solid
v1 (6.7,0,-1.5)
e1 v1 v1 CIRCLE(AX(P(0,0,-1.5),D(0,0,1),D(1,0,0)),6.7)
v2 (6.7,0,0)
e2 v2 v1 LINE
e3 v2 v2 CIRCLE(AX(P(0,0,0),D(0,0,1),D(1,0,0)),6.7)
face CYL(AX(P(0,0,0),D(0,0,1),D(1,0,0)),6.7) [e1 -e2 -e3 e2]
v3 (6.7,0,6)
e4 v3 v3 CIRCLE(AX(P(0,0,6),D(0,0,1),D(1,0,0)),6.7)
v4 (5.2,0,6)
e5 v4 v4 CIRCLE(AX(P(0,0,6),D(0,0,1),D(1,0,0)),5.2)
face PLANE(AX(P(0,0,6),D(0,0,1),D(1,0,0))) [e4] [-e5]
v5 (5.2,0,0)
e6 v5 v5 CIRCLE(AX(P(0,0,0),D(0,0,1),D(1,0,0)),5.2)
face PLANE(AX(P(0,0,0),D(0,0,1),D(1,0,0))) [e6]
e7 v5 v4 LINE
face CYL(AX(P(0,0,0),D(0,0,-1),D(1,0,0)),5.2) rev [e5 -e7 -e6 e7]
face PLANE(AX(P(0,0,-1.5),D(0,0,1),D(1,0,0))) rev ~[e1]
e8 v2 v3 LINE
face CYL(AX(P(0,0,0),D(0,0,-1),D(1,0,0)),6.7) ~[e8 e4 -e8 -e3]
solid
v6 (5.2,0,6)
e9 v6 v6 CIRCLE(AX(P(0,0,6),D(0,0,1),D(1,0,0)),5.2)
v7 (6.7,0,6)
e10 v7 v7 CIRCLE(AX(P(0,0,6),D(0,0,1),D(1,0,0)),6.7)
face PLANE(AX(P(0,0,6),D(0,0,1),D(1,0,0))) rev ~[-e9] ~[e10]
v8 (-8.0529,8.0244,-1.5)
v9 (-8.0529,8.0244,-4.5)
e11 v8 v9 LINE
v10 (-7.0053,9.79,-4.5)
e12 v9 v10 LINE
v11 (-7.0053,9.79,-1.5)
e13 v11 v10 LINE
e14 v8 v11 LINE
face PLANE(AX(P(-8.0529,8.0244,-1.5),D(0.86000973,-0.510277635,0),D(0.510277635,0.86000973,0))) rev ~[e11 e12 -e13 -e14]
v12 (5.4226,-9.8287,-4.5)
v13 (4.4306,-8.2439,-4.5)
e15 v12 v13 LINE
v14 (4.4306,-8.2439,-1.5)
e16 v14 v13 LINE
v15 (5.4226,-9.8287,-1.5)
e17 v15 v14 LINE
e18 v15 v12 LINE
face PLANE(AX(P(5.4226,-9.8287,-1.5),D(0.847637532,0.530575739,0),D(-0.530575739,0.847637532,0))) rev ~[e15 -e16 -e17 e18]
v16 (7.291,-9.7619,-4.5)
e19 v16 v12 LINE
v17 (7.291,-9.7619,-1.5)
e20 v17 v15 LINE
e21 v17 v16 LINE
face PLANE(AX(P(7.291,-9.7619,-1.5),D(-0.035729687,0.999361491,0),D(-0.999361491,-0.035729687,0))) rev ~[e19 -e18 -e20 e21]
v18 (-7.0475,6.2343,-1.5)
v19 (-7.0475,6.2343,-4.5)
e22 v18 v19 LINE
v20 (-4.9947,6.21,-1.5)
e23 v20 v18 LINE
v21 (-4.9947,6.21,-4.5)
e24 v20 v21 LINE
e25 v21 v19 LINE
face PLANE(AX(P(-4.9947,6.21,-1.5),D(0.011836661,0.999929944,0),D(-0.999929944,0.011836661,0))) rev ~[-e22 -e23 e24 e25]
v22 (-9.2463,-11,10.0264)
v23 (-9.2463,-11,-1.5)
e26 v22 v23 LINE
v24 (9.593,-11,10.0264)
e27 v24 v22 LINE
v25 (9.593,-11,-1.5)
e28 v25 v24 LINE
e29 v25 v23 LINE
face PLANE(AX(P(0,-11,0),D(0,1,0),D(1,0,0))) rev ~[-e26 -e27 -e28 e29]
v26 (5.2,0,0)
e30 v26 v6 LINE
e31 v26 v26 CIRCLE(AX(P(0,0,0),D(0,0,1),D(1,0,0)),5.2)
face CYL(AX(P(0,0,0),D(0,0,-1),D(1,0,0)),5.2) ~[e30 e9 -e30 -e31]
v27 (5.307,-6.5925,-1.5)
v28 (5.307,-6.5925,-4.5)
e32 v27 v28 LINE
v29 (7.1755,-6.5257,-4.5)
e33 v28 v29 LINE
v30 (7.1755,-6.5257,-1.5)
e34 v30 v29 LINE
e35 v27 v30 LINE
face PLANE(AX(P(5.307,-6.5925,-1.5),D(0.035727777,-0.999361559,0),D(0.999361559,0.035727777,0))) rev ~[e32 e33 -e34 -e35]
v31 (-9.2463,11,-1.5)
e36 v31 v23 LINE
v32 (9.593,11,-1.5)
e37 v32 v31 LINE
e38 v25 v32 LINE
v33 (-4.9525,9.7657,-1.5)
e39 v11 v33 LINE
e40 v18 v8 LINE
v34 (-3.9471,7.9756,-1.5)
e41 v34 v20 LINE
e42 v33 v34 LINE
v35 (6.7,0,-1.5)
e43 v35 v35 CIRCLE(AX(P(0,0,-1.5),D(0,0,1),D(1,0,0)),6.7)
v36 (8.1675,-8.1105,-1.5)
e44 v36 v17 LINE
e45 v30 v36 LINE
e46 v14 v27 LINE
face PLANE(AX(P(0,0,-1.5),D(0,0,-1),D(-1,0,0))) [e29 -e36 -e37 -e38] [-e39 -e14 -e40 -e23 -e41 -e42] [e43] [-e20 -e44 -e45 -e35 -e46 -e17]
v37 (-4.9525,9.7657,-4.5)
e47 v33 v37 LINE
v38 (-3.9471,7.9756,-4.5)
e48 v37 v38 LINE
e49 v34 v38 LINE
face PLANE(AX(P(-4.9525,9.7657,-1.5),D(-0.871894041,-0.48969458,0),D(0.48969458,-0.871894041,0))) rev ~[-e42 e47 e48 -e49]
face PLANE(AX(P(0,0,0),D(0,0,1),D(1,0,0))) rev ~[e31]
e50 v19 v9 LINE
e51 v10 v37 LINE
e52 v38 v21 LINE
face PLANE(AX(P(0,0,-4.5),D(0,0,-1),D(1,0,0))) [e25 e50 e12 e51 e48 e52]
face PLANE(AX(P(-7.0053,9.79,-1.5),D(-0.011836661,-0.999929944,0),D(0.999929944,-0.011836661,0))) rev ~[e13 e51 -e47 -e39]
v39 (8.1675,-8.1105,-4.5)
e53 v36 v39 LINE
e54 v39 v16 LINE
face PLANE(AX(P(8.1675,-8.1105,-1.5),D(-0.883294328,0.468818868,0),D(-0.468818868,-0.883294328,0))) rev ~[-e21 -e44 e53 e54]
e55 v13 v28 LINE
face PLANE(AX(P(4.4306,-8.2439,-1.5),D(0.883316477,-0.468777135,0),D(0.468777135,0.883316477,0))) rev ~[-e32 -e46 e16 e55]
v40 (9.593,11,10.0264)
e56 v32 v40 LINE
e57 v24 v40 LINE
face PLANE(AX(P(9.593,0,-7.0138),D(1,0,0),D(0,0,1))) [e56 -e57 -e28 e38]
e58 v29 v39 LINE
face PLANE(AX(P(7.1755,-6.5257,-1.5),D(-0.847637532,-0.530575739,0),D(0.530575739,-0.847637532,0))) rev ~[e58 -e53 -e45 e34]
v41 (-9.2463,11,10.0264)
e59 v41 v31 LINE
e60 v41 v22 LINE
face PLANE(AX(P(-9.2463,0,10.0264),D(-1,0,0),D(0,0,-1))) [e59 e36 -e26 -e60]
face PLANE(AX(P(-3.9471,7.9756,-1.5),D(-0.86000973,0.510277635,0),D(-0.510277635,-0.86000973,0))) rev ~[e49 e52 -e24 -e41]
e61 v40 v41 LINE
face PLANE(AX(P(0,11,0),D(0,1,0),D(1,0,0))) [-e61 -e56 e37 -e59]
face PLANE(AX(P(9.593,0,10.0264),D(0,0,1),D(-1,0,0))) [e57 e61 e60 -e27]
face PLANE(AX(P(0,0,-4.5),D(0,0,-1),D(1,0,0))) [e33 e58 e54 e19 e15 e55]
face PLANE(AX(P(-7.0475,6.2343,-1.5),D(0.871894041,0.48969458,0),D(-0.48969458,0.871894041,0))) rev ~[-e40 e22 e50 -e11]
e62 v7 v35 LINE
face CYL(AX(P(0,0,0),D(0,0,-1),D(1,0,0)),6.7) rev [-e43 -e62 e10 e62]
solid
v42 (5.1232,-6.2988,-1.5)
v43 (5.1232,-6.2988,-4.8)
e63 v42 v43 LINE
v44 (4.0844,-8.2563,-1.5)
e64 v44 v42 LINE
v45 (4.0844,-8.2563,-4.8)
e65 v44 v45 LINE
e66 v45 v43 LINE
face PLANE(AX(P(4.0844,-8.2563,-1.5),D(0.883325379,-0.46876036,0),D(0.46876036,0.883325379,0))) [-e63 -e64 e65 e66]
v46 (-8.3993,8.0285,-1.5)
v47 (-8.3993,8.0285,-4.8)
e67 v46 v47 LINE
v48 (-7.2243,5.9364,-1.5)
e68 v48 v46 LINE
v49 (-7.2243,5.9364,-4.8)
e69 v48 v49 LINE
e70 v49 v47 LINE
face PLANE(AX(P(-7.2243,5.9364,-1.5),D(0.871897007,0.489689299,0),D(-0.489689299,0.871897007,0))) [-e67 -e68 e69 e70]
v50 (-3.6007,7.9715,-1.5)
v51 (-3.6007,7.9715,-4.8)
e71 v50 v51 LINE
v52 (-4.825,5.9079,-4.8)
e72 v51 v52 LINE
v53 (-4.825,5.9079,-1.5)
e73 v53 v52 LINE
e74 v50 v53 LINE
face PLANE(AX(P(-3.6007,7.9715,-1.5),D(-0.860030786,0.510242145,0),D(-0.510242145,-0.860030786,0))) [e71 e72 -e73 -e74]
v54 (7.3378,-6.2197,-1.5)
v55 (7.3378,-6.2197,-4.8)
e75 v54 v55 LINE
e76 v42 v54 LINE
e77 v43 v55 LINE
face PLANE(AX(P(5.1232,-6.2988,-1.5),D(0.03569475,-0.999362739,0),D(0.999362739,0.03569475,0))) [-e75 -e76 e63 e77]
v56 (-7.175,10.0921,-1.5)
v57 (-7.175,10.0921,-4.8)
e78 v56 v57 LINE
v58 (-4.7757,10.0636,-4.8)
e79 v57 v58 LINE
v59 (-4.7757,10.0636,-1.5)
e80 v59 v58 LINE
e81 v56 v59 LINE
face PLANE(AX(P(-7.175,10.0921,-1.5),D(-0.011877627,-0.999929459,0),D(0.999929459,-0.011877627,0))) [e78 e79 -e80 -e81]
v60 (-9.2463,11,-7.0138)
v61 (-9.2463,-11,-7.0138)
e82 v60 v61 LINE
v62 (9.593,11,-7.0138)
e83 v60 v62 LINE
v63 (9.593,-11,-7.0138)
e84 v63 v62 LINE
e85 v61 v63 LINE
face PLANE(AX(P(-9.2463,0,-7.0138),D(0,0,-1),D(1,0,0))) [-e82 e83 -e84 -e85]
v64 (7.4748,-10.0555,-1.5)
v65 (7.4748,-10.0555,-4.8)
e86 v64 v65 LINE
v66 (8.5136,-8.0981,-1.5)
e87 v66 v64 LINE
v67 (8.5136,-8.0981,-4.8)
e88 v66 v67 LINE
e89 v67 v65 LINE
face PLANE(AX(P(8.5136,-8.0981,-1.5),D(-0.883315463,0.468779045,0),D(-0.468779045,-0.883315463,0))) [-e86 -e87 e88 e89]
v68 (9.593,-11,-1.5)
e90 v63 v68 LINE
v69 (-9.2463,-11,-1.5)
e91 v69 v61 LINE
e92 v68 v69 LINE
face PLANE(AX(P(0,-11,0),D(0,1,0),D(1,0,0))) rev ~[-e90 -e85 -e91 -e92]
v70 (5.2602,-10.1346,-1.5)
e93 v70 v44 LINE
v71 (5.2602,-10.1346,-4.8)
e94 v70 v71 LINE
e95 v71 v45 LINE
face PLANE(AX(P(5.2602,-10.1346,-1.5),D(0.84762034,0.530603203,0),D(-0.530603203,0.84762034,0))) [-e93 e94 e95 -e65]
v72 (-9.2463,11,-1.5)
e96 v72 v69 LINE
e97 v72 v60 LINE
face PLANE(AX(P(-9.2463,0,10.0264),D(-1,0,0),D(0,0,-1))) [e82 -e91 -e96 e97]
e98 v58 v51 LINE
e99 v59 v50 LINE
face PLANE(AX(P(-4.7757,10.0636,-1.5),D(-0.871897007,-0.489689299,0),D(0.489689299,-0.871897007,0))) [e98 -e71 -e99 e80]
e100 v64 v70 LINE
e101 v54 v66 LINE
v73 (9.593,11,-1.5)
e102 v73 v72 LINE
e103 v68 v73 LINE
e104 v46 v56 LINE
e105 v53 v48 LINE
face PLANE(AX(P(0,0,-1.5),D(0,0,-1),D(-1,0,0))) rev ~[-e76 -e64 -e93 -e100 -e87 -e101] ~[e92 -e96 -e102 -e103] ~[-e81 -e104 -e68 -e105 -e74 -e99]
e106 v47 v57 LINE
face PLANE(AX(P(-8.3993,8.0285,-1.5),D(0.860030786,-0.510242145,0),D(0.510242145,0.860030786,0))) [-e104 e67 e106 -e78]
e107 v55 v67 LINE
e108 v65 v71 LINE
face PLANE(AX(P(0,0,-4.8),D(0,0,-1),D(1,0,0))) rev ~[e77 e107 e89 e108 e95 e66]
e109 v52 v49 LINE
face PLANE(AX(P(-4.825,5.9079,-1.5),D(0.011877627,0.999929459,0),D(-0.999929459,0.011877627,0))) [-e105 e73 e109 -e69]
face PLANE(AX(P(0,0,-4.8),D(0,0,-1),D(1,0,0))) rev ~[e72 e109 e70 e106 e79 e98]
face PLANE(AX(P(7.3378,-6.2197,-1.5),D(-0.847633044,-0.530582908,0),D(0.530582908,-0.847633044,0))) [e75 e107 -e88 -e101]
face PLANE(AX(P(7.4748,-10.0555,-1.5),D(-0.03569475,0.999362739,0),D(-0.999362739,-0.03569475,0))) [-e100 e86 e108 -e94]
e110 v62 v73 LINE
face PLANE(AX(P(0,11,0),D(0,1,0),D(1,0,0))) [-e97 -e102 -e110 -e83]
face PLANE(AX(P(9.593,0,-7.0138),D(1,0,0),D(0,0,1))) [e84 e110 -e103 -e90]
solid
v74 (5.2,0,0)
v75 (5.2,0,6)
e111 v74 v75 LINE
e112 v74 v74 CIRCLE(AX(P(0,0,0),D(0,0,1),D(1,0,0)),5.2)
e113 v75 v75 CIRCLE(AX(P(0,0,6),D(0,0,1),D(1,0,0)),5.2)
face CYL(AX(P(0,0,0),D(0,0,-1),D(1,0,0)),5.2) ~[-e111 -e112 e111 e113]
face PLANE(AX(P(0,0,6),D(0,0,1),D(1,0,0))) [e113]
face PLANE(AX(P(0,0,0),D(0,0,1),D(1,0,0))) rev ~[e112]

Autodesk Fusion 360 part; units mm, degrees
sketch "Sketch1" plane through (0, 0, 0) normal (0, 0, 1) x (1, 0, 0) in component "Haptic Motor"
  circle A0 centre (0, 0) radius 5.2
  dimension "d1" = 10.4
extrude "Extrude1" add sketch "Sketch1" along normal blind 6 makes body 1 in component "Haptic Motor"
sketch "Sketch1 (2)" plane through (0, 0, 0) normal (0, 0, 1) x (1, 0, 0) in component "Haptic Cover"
  circle A0 centre (0, 0) radius 5.2
  circle A1 centre (0, 0) radius 6.7
  dimension "d4" = 1.5
extrude "Extrude1'" add sketch "Sketch1 (2)" along normal blind 6 separate body makes body 2 in component "Haptic Cover"
extrude "Extrude2" add sketch "Sketch1 (2)" against normal blind 1.5 contours A0 | A1 bodies 2 in component "Haptic Cover"
sketch "Sketch1 (3)" plane through (0, 0, 0) normal (0, 1, 0) x (1, 0, 0) in component "Mold"
  line L0 (9.593, -10.0264) -> (-9.2463, -10.0264)
  line L1 (-9.2463, -10.0264) -> (-9.2463, 7.0138)
  line L2 (-9.2463, 7.0138) -> (9.593, 7.0138)
  line L3 (9.593, 7.0138) -> (9.593, -10.0264)
extrude "Extrude1''" add sketch "Sketch1 (3)" along normal mid plane 22 separate body makes body 3 in component "Mold"
ref_plane "WorkPlane1" through (0, 0, -1.5) normal (0, 0, -1) x (-1, 0, 0) in component "Mold"
combine "Combine1" operation cut target body 3 tool bodies 2 keep tools in component "Mold"
split "Split1" by plane through (0, 0, -1.5) normal (0, 0, -1) bodies 3 makes body 4 at (-2.9665, -3.6667, -7.0138) in component "Mold"
sketch "Sketch2" plane through (0, 0, -1.5) normal (0, 0, -1) x (1, 0, 0) in component "Mold"
  line L0 (9.593, 11) -> (-9.2463, 11)
  line L1 (-9.2463, 11) -> (-9.2463, -11)
  line L2 (-9.2463, -11) -> (9.593, -11)
  line L3 (9.593, -11) -> (9.593, 11)
  circle A0 centre (0, 0) radius 6.7
  line L4 (-3.9471, -7.9756) -> (-4.9947, -6.21)
  line L5 (-4.9947, -6.21) -> (-7.0475, -6.2343)
  line L6 (-7.0475, -6.2343) -> (-8.0529, -8.0244)
  line L7 (-8.0529, -8.0244) -> (-7.0053, -9.79)
  line L8 (-7.0053, -9.79) -> (-4.9525, -9.7657)
  line L9 (-4.9525, -9.7657) -> (-3.9471, -7.9756)
  line L10 (7.1755, 6.5257) -> (8.1675, 8.1105)
  line L11 (8.1675, 8.1105) -> (7.291, 9.7619)
  line L12 (7.291, 9.7619) -> (5.4226, 9.8287)
  line L13 (5.4226, 9.8287) -> (4.4306, 8.2439)
  line L14 (4.4306, 8.2439) -> (5.307, 6.5925)
  line L15 (5.307, 6.5925) -> (7.1755, 6.5257)
  line L16 (-8.3993, -8.0285) -> (-7.175, -10.0921)
  line L17 (-7.175, -10.0921) -> (-4.7757, -10.0636)
  line L18 (-4.7757, -10.0636) -> (-3.6007, -7.9715)
  line L19 (-3.6007, -7.9715) -> (-4.825, -5.9079)
  line L20 (-4.825, -5.9079) -> (-7.2243, -5.9364)
  line L21 (-7.2243, -5.9364) -> (-8.3993, -8.0285)
  line L22 (5.1232, 6.2988) -> (7.3378, 6.2197)
  line L23 (7.3378, 6.2197) -> (8.5136, 8.0981)
  line L24 (8.5136, 8.0981) -> (7.4748, 10.0555)
  line L25 (7.4748, 10.0555) -> (5.2602, 10.1346)
  line L26 (5.2602, 10.1346) -> (4.0844, 8.2563)
  line L27 (4.0844, 8.2563) -> (5.1232, 6.2988)
  point P0 (-6, -8)
  point P1 (6.299, 8.1772)
  dimension "d12" = 0.3
  dimension "d13" = 0.3
extrude "Extrude2'" add sketch "Sketch2" along normal blind 3 contours L4 L5 L6 L7 L8 L9 | L10 L11 L12 L13 L14 L15 bodies 3 in component "Mold"
extrude "Extrude3" cut sketch "Sketch2" along normal blind 3.3 contours L4 L5 L6 L7 L8 L9 | L10 L11 L12 L13 L14 L15 | L16 L17 L18 L19 L20 L21 | L22 L23 L24 L25 L26 L27 bodies 4 in component "Mold"
ref_plane "WorkPlane2" through (0.1734, 8, 4.2632) normal (0, 1, 0) x (0, 0, 1) in component "Mold"
component "Haptic Motor" placed x (1, 0, 0) y (0, 1, 0) z (0, 0, 1) at (0, 0, 0)
component "Haptic Cover" placed x (1, 0, 0) y (0, 1, 0) z (0, 0, 1) at (0, 0, 0)
component "Mold" placed x (1, 0, 0) y (0, 1, 0) z (0, 0, 1) at (0, 0, 0)
